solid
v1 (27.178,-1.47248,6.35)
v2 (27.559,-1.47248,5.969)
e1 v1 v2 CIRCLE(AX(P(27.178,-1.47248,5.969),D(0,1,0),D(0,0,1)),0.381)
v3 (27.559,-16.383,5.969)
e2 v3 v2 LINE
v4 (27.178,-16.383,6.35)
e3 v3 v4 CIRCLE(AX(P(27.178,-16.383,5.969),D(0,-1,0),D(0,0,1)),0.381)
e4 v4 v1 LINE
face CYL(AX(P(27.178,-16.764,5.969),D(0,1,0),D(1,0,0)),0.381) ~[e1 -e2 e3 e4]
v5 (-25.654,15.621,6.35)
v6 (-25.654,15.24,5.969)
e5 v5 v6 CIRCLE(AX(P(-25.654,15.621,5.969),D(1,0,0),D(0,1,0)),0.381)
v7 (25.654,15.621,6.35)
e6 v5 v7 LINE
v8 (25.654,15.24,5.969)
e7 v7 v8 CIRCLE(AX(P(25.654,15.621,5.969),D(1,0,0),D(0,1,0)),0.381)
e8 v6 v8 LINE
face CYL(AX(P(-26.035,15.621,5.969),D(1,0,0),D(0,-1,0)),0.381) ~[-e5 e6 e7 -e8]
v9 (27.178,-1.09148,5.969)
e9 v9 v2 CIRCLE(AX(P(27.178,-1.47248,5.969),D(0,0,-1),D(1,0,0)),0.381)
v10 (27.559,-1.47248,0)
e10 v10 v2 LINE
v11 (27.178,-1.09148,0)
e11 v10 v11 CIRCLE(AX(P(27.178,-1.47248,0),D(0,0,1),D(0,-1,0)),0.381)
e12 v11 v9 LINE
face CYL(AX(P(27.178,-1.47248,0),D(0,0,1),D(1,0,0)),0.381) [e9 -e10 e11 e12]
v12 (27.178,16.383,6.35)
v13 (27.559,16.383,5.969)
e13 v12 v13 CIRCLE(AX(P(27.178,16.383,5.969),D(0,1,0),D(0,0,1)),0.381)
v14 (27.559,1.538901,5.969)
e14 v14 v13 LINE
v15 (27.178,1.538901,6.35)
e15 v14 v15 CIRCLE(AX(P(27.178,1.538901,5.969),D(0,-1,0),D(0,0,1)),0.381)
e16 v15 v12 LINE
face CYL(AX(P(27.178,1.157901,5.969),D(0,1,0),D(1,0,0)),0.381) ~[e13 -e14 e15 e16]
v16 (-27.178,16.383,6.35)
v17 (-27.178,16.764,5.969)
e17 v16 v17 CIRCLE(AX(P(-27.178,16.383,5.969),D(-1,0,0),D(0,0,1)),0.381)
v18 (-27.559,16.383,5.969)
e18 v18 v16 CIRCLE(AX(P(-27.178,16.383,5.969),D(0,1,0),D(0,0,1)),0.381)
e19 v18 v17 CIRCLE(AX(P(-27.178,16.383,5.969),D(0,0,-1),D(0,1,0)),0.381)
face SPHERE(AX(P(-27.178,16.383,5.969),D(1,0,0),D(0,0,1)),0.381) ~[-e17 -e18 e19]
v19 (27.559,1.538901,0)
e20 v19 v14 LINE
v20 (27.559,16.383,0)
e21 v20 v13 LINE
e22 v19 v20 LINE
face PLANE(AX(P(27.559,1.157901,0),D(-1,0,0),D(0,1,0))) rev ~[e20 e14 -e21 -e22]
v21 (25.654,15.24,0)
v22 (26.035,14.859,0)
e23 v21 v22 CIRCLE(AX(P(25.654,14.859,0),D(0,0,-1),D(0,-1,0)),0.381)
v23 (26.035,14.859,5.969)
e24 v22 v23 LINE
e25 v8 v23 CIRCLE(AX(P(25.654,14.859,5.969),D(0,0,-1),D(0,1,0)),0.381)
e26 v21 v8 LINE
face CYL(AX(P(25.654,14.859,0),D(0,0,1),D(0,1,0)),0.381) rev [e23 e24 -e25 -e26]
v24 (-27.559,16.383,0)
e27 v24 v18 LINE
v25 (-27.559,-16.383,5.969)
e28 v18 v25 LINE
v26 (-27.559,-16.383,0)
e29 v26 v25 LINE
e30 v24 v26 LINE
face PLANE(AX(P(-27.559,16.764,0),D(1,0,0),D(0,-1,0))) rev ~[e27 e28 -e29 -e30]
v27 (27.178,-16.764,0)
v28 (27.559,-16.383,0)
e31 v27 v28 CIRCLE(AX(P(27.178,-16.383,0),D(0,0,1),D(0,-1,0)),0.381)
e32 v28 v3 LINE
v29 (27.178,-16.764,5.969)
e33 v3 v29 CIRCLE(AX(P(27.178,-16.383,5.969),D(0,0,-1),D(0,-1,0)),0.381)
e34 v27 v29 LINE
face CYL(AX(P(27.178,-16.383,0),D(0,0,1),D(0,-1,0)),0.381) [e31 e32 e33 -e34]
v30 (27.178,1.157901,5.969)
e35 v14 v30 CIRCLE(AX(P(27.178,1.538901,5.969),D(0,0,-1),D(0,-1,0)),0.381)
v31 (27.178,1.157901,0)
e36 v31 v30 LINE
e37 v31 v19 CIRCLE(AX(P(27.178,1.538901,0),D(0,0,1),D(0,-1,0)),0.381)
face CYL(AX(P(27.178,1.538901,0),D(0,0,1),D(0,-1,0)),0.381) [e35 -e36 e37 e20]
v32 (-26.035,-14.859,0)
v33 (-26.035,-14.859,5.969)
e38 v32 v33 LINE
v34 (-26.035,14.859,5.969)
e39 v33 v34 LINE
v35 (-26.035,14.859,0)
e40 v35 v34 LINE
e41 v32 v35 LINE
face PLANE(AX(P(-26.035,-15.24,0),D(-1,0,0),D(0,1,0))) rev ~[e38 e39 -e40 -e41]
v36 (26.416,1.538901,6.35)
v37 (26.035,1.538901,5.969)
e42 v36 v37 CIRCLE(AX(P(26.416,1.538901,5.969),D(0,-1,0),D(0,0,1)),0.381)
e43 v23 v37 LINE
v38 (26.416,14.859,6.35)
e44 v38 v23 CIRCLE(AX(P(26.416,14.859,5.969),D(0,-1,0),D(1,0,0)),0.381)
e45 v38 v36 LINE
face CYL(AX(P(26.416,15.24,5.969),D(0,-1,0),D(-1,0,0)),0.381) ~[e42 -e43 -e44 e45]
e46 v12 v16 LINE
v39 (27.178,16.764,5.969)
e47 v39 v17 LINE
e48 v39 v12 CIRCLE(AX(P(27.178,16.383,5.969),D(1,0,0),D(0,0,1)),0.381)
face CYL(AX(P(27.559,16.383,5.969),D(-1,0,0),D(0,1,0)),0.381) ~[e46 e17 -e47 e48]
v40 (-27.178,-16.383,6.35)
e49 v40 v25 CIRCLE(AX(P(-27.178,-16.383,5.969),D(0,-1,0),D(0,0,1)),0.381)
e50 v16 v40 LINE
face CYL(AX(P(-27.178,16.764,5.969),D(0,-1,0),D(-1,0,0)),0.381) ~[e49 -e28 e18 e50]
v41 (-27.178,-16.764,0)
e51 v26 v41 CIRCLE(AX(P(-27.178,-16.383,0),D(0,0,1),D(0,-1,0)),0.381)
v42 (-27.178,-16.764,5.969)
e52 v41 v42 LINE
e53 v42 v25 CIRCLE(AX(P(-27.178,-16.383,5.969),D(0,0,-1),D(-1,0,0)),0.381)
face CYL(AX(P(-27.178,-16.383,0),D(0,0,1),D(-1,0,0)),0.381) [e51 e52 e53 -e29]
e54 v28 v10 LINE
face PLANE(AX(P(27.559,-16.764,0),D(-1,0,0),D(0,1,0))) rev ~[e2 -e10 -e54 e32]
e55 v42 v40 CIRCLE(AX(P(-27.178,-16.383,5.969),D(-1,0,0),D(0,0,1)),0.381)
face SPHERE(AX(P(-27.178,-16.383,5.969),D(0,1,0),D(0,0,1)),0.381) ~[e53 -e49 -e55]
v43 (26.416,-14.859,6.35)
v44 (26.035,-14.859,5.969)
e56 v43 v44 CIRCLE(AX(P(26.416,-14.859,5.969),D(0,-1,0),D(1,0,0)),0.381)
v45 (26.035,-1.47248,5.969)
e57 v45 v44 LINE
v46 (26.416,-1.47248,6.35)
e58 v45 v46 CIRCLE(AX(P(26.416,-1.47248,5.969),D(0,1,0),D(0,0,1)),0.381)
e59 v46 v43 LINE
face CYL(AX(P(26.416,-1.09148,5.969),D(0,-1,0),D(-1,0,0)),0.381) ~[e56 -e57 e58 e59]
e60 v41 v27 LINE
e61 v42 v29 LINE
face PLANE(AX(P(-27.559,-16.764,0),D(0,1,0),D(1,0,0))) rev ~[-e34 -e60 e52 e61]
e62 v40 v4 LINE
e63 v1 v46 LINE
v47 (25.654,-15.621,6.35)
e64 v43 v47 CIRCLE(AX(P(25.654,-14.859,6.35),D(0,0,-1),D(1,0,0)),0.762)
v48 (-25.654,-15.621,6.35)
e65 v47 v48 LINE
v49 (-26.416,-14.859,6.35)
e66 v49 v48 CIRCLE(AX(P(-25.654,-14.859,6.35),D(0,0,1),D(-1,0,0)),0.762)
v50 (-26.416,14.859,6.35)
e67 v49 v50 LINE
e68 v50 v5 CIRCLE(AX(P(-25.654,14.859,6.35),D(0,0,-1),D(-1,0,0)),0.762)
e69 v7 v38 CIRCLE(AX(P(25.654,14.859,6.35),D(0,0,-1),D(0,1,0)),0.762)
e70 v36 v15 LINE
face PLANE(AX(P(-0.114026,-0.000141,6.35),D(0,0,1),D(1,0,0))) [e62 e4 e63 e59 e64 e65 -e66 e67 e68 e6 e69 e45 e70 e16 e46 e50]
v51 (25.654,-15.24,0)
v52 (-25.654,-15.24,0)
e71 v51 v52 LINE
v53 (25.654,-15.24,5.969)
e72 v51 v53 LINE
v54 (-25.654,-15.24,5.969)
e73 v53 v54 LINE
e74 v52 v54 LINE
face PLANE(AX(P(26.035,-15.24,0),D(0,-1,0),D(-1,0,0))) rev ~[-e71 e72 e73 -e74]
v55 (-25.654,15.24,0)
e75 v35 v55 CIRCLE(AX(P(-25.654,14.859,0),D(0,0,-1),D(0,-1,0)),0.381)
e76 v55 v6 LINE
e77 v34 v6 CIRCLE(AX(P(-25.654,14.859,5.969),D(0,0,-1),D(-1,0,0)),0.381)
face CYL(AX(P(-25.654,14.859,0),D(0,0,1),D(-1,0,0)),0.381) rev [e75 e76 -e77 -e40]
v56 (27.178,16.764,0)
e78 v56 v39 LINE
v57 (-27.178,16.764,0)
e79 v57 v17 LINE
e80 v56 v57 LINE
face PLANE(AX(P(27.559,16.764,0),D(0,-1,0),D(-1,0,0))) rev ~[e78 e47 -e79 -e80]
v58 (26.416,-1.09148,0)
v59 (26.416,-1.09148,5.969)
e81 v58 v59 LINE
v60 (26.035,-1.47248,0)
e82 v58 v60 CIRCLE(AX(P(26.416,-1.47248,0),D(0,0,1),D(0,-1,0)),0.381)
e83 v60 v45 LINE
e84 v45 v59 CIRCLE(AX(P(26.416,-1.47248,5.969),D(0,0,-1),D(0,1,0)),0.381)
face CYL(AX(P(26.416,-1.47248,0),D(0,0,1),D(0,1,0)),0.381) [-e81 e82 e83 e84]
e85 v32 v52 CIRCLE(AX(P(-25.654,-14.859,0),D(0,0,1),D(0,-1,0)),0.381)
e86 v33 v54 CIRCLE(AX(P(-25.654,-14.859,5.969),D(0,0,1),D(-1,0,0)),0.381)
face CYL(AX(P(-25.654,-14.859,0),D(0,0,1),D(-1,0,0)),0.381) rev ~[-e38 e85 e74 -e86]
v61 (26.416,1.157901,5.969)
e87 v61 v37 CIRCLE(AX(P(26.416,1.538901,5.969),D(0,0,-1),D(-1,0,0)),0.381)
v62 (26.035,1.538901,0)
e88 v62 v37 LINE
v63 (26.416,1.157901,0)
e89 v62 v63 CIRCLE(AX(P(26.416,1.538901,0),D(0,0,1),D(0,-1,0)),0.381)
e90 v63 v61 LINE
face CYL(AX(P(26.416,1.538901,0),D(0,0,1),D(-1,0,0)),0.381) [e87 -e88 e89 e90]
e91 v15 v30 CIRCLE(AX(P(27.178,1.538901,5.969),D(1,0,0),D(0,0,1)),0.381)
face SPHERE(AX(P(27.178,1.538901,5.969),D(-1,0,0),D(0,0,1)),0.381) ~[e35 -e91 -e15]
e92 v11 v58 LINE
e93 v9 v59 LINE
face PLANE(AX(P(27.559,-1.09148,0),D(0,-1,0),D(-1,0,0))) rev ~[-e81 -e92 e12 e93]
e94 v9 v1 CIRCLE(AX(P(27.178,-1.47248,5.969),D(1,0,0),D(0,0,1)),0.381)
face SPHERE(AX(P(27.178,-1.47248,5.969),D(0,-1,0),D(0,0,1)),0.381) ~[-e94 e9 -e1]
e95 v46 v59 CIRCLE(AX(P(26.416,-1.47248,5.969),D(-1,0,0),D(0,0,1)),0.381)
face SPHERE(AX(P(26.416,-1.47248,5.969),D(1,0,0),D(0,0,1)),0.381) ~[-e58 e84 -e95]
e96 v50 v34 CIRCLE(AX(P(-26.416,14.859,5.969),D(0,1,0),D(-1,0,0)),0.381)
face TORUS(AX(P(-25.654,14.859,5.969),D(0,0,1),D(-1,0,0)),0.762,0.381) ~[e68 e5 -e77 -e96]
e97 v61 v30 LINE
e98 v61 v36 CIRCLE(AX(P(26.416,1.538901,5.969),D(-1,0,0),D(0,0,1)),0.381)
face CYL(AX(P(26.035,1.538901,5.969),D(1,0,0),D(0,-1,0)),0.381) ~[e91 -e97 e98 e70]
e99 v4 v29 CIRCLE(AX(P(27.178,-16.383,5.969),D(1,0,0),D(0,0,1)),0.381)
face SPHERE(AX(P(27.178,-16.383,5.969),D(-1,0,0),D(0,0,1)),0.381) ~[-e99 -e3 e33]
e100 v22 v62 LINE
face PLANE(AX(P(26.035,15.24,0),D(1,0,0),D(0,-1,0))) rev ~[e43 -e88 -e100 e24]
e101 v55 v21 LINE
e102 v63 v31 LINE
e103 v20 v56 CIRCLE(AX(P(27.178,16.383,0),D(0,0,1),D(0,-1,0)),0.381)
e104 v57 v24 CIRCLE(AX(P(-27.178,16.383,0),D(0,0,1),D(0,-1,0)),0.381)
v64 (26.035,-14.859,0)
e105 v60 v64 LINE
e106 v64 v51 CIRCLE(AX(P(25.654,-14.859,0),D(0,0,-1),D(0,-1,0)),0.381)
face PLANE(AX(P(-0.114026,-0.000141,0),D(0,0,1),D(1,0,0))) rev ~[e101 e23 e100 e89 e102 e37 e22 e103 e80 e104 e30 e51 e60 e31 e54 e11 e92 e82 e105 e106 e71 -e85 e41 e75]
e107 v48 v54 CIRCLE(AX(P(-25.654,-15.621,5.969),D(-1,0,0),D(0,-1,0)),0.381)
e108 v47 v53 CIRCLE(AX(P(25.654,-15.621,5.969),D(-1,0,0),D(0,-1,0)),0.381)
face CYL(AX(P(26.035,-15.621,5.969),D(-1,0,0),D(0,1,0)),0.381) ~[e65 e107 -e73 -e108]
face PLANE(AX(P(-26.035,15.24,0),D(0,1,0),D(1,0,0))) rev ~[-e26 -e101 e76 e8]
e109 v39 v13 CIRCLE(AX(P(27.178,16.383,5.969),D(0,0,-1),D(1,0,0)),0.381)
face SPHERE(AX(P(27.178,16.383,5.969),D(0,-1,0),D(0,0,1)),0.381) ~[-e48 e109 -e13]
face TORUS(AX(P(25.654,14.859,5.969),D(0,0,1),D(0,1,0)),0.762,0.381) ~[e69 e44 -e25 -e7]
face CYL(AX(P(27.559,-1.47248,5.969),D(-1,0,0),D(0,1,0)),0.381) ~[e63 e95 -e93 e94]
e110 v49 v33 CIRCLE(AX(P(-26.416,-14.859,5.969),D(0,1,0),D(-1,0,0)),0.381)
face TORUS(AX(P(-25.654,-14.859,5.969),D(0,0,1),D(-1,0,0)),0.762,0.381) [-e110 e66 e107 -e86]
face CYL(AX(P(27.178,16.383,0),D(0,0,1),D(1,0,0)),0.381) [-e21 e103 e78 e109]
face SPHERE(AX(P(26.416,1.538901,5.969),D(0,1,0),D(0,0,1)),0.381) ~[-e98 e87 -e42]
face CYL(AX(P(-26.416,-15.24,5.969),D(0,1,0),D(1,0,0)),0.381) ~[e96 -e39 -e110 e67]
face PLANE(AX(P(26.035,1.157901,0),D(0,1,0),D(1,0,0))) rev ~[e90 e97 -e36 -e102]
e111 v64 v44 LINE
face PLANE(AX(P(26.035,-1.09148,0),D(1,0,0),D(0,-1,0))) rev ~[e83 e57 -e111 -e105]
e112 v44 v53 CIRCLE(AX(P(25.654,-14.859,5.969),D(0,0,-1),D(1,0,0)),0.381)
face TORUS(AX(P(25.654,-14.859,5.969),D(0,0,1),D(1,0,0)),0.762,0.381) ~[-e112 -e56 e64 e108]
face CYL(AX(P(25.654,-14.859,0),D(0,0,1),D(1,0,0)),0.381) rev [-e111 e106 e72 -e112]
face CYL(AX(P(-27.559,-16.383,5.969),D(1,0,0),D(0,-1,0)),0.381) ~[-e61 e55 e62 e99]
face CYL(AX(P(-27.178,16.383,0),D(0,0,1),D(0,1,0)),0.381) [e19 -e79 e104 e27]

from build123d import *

# Parameters (mm, degrees)
F1_DEPTH = 6.35
F2_R     = 0.381


with BuildPart() as f1:
    # F0 (on Top) → F1 (new body)
    with BuildSketch(Plane.XY):
        Polygon((-26.035, -15.24), (-26.035, 15.24), (26.035, 15.24), (26.035, 1.157901), (27.559, 1.157901), (27.559, 16.764), (-27.559, 16.764), (-27.559, -16.764), (27.559, -16.764), (27.559, -1.09148), (26.035, -1.09148), (26.035, -15.24), align=None)
    extrude(amount=F1_DEPTH)

    # F2
    f2_edges = [f1.edges().sort_by_distance(p)[0] for p in [
        (-26.035, 0, 6.35),
        (0, 15.24, 6.35),
        (26.035, 8.19895, 6.35),
        (26.797, 1.157901, 6.35),
        (27.559, 8.96095, 6.35),
        (0, 16.764, 6.35),
        (-27.559, 0, 6.35),
        (0, -16.764, 6.35),
        (27.559, -8.92774, 6.35),
        (26.797, -1.09148, 6.35),
        (26.035, -8.16574, 6.35),
        (0, -15.24, 6.35),
        (27.559, -16.764, 3.175),
        (-27.559, -16.764, 3.175),
        (-27.559, 16.764, 3.175),
        (27.559, 16.764, 3.175),
        (27.559, -1.09148, 3.175),
        (27.559, 1.157901, 3.175),
        (-26.035, -15.24, 3.175),
        (-26.035, 15.24, 3.175),
        (26.035, 15.24, 3.175),
        (26.035, 1.157901, 3.175),
        (26.035, -1.09148, 3.175),
        (26.035, -15.24, 3.175),
    ]]
    fillet(f2_edges, radius=F2_R)


solid = f1.part
